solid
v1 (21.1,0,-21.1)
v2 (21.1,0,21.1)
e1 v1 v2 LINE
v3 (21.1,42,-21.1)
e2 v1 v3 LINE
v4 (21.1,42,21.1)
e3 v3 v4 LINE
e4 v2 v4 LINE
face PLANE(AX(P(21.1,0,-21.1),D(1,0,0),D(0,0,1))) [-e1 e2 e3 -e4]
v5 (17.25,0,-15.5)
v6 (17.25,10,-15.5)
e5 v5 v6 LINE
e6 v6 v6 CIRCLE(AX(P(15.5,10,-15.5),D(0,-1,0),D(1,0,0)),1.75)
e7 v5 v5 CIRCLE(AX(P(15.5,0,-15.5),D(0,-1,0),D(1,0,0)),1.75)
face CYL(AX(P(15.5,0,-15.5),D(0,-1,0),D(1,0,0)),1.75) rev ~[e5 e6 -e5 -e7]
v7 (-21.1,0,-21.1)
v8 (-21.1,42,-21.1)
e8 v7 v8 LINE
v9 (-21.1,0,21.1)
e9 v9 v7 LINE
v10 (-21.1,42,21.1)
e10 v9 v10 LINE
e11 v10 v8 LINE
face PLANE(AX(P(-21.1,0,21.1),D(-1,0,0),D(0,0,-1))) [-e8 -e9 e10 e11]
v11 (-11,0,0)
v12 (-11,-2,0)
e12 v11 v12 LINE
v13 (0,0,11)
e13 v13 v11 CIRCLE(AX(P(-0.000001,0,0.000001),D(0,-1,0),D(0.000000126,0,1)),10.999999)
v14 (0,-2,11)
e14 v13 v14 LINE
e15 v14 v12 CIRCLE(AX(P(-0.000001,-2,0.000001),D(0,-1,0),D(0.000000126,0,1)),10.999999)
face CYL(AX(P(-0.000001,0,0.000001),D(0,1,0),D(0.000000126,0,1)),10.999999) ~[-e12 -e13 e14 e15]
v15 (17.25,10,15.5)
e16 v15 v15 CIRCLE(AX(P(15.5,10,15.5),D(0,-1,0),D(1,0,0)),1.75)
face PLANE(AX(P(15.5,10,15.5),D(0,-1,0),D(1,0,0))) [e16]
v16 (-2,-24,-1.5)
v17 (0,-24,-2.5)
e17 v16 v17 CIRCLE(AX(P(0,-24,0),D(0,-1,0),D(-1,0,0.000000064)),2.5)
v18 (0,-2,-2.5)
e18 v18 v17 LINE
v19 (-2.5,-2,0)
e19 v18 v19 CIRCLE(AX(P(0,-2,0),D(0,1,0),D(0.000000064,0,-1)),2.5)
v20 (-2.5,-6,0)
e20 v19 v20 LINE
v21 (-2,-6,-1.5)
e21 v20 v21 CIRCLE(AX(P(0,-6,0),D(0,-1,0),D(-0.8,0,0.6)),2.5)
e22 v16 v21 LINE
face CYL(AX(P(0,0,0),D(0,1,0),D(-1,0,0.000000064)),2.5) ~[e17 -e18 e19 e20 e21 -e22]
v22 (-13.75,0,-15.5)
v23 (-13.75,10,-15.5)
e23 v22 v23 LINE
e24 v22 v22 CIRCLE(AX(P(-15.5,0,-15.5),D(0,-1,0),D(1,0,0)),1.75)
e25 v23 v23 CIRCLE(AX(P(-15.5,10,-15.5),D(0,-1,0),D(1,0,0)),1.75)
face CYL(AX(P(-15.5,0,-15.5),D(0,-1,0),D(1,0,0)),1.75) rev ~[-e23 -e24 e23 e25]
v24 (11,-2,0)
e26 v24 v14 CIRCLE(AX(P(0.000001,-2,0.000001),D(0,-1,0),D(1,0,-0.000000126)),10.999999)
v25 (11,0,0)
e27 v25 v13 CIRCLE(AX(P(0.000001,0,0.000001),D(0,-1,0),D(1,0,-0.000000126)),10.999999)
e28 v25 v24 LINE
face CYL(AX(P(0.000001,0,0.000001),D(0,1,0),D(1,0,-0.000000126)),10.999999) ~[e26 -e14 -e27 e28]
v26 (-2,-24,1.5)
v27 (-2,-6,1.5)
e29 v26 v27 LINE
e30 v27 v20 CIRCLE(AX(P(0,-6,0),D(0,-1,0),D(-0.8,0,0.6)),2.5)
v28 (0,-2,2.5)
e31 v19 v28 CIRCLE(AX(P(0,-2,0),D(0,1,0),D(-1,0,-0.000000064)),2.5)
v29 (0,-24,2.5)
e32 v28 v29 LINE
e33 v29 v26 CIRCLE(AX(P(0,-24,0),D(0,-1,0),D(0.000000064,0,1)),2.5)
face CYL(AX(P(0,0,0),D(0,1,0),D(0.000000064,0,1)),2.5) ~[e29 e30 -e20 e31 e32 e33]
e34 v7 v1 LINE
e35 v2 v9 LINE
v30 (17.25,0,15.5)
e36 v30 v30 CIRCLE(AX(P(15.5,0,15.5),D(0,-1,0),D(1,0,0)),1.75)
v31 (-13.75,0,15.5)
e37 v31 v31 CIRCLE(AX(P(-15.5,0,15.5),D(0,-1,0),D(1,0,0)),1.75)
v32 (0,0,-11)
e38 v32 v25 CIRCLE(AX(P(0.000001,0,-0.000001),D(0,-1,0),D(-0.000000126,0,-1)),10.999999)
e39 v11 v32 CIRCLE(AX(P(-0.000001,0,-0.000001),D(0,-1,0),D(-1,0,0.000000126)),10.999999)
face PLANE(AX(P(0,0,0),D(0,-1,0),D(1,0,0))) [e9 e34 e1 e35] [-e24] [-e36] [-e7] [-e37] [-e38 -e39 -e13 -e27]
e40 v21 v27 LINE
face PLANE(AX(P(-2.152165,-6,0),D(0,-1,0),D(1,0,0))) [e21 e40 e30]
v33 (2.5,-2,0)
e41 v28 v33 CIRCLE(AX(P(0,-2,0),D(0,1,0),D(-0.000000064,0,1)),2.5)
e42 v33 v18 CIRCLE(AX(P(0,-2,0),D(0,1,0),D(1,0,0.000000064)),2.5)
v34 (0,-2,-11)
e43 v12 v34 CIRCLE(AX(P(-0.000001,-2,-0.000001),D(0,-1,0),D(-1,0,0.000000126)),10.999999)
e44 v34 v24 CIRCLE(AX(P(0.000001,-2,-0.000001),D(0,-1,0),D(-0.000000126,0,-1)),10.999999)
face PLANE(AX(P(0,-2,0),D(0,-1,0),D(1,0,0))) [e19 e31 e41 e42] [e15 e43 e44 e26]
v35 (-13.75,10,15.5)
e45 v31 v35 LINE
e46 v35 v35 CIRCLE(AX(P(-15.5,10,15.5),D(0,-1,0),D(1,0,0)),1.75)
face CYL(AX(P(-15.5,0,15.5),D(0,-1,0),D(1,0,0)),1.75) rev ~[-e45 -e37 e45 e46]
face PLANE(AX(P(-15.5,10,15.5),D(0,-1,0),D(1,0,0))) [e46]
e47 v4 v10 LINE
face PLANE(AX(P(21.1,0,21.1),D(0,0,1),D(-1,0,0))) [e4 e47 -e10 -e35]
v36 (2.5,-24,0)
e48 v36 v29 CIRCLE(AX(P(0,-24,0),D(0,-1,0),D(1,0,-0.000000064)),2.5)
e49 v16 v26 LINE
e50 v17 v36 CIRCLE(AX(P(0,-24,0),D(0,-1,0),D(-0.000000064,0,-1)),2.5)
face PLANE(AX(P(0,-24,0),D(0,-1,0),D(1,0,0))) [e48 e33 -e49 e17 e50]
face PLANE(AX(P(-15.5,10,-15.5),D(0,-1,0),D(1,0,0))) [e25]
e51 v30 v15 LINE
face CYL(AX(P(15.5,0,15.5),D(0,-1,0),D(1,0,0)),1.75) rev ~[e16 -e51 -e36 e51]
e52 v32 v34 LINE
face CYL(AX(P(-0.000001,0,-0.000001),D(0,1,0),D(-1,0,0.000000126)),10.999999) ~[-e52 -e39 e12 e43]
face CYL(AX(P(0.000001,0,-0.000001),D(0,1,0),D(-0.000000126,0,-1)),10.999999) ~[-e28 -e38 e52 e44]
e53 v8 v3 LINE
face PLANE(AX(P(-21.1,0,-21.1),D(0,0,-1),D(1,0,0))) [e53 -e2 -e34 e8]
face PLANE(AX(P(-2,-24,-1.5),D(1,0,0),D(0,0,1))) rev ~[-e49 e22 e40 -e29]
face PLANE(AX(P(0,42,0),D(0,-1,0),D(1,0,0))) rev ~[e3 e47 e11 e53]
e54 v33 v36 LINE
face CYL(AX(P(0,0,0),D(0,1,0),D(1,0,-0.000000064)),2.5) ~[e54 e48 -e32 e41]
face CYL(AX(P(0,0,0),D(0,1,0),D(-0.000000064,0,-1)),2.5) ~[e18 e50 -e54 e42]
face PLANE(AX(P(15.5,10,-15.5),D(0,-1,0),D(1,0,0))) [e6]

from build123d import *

# Parameters (mm, degrees)
F0_R     = 1.75
F1_DEPTH = 42
F2_DEPTH = 2
F3_DEPTH = 24
F4_DEPTH = 10
F6_DEPTH = 18


with BuildPart() as f1:
    # F0 (on Front) → F1 (new body)
    with BuildSketch(Plane.XZ):
        Polygon((21.1, 21.1), (0, 21.1), (-21.1, 21.1), (-21.1, 0), (-21.1, -21.1), (0, -21.1), (21.1, -21.1), (21.1, 0), align=None)
        with Locations((-15.5, -15.5)):
            Circle(F0_R, mode=Mode.SUBTRACT)
        with Locations((15.5, -15.5)):
            Circle(F0_R, mode=Mode.SUBTRACT)
        with Locations((-15.5, 15.5)):
            Circle(F0_R, mode=Mode.SUBTRACT)
        with BuildLine():
            ThreePointArc((0, 11), (7.778175, 7.778175), (11, 0))
            ThreePointArc((11, 0), (7.778175, -7.778175), (0, -11))
            ThreePointArc((0, -11), (-7.778175, -7.778175), (-11, 0))
            ThreePointArc((-11, 0), (-7.778175, 7.778175), (0, 11))
        make_face(mode=Mode.SUBTRACT)
        with Locations((15.5, 15.5)):
            Circle(F0_R, mode=Mode.SUBTRACT)
        with BuildLine():
            ThreePointArc((0, -11), (7.778175, -7.778175), (11, 0))
            ThreePointArc((11, 0), (7.778175, 7.778175), (0, 11))
            ThreePointArc((0, 11), (-7.778175, 7.778175), (-11, 0))
            ThreePointArc((-11, 0), (-7.778175, -7.778175), (0, -11))
        make_face()
        with BuildLine():
            ThreePointArc((0, 2.5), (1.767767, 1.767767), (2.5, 0))
            ThreePointArc((2.5, 0), (1.767767, -1.767767), (0, -2.5))
            ThreePointArc((0, -2.5), (-1.767767, -1.767767), (-2.5, 0))
            ThreePointArc((-2.5, 0), (-1.767767, 1.767767), (0, 2.5))
        make_face(mode=Mode.SUBTRACT)
        with BuildLine():
            ThreePointArc((0, -2.5), (1.767767, -1.767767), (2.5, 0))
            ThreePointArc((2.5, 0), (1.767767, 1.767767), (0, 2.5))
            ThreePointArc((0, 2.5), (-1.767767, 1.767767), (-2.5, 0))
            ThreePointArc((-2.5, 0), (-1.767767, -1.767767), (0, -2.5))
        make_face()
        with Locations((15.5, 15.5)):
            Circle(F0_R)
        with Locations((-15.5, 15.5)):
            Circle(F0_R)
        with Locations((-15.5, -15.5)):
            Circle(F0_R)
        with Locations((15.5, -15.5)):
            Circle(F0_R)
    extrude(amount=-F1_DEPTH)

    # F0 (on Front) → F2 (join)
    with BuildSketch(Plane.XZ):
        with BuildLine():
            ThreePointArc((0, -11), (7.778175, -7.778175), (11, 0))
            ThreePointArc((11, 0), (7.778175, 7.778175), (0, 11))
            ThreePointArc((0, 11), (-7.778175, 7.778175), (-11, 0))
            ThreePointArc((-11, 0), (-7.778175, -7.778175), (0, -11))
        make_face()
        with BuildLine():
            ThreePointArc((0, 2.5), (1.767767, 1.767767), (2.5, 0))
            ThreePointArc((2.5, 0), (1.767767, -1.767767), (0, -2.5))
            ThreePointArc((0, -2.5), (-1.767767, -1.767767), (-2.5, 0))
            ThreePointArc((-2.5, 0), (-1.767767, 1.767767), (0, 2.5))
        make_face(mode=Mode.SUBTRACT)
    extrude(amount=F2_DEPTH)

    # F0 (on Front) → F3 (join)
    with BuildSketch(Plane.XZ):
        with BuildLine():
            ThreePointArc((0, -2.5), (1.767767, -1.767767), (2.5, 0))
            ThreePointArc((2.5, 0), (1.767767, 1.767767), (0, 2.5))
            ThreePointArc((0, 2.5), (-1.767767, 1.767767), (-2.5, 0))
            ThreePointArc((-2.5, 0), (-1.767767, -1.767767), (0, -2.5))
        make_face()
    extrude(amount=F3_DEPTH)

    # F0 (on Front) → F4 (cut)
    with BuildSketch(Plane.XZ):
        with Locations((-15.5, 15.5)):
            Circle(F0_R)
        with Locations((15.5, -15.5)):
            Circle(F0_R)
        with Locations((-15.5, -15.5)):
            Circle(F0_R)
        with Locations((15.5, 15.5)):
            Circle(F0_R)
    extrude(amount=-F4_DEPTH, mode=Mode.SUBTRACT)

    # F5 (on face) → F6 (cut)
    with BuildSketch(Plane.XZ.offset(24)):
        with BuildLine():
            Line((-2, 0), (-2, 1.5))
            ThreePointArc((-2, 1.5), (-2.5, 0), (-2, -1.5))
            Line((-2, -1.5), (-2, 0))
        make_face()
    extrude(amount=-F6_DEPTH, mode=Mode.SUBTRACT)


solid = f1.part
